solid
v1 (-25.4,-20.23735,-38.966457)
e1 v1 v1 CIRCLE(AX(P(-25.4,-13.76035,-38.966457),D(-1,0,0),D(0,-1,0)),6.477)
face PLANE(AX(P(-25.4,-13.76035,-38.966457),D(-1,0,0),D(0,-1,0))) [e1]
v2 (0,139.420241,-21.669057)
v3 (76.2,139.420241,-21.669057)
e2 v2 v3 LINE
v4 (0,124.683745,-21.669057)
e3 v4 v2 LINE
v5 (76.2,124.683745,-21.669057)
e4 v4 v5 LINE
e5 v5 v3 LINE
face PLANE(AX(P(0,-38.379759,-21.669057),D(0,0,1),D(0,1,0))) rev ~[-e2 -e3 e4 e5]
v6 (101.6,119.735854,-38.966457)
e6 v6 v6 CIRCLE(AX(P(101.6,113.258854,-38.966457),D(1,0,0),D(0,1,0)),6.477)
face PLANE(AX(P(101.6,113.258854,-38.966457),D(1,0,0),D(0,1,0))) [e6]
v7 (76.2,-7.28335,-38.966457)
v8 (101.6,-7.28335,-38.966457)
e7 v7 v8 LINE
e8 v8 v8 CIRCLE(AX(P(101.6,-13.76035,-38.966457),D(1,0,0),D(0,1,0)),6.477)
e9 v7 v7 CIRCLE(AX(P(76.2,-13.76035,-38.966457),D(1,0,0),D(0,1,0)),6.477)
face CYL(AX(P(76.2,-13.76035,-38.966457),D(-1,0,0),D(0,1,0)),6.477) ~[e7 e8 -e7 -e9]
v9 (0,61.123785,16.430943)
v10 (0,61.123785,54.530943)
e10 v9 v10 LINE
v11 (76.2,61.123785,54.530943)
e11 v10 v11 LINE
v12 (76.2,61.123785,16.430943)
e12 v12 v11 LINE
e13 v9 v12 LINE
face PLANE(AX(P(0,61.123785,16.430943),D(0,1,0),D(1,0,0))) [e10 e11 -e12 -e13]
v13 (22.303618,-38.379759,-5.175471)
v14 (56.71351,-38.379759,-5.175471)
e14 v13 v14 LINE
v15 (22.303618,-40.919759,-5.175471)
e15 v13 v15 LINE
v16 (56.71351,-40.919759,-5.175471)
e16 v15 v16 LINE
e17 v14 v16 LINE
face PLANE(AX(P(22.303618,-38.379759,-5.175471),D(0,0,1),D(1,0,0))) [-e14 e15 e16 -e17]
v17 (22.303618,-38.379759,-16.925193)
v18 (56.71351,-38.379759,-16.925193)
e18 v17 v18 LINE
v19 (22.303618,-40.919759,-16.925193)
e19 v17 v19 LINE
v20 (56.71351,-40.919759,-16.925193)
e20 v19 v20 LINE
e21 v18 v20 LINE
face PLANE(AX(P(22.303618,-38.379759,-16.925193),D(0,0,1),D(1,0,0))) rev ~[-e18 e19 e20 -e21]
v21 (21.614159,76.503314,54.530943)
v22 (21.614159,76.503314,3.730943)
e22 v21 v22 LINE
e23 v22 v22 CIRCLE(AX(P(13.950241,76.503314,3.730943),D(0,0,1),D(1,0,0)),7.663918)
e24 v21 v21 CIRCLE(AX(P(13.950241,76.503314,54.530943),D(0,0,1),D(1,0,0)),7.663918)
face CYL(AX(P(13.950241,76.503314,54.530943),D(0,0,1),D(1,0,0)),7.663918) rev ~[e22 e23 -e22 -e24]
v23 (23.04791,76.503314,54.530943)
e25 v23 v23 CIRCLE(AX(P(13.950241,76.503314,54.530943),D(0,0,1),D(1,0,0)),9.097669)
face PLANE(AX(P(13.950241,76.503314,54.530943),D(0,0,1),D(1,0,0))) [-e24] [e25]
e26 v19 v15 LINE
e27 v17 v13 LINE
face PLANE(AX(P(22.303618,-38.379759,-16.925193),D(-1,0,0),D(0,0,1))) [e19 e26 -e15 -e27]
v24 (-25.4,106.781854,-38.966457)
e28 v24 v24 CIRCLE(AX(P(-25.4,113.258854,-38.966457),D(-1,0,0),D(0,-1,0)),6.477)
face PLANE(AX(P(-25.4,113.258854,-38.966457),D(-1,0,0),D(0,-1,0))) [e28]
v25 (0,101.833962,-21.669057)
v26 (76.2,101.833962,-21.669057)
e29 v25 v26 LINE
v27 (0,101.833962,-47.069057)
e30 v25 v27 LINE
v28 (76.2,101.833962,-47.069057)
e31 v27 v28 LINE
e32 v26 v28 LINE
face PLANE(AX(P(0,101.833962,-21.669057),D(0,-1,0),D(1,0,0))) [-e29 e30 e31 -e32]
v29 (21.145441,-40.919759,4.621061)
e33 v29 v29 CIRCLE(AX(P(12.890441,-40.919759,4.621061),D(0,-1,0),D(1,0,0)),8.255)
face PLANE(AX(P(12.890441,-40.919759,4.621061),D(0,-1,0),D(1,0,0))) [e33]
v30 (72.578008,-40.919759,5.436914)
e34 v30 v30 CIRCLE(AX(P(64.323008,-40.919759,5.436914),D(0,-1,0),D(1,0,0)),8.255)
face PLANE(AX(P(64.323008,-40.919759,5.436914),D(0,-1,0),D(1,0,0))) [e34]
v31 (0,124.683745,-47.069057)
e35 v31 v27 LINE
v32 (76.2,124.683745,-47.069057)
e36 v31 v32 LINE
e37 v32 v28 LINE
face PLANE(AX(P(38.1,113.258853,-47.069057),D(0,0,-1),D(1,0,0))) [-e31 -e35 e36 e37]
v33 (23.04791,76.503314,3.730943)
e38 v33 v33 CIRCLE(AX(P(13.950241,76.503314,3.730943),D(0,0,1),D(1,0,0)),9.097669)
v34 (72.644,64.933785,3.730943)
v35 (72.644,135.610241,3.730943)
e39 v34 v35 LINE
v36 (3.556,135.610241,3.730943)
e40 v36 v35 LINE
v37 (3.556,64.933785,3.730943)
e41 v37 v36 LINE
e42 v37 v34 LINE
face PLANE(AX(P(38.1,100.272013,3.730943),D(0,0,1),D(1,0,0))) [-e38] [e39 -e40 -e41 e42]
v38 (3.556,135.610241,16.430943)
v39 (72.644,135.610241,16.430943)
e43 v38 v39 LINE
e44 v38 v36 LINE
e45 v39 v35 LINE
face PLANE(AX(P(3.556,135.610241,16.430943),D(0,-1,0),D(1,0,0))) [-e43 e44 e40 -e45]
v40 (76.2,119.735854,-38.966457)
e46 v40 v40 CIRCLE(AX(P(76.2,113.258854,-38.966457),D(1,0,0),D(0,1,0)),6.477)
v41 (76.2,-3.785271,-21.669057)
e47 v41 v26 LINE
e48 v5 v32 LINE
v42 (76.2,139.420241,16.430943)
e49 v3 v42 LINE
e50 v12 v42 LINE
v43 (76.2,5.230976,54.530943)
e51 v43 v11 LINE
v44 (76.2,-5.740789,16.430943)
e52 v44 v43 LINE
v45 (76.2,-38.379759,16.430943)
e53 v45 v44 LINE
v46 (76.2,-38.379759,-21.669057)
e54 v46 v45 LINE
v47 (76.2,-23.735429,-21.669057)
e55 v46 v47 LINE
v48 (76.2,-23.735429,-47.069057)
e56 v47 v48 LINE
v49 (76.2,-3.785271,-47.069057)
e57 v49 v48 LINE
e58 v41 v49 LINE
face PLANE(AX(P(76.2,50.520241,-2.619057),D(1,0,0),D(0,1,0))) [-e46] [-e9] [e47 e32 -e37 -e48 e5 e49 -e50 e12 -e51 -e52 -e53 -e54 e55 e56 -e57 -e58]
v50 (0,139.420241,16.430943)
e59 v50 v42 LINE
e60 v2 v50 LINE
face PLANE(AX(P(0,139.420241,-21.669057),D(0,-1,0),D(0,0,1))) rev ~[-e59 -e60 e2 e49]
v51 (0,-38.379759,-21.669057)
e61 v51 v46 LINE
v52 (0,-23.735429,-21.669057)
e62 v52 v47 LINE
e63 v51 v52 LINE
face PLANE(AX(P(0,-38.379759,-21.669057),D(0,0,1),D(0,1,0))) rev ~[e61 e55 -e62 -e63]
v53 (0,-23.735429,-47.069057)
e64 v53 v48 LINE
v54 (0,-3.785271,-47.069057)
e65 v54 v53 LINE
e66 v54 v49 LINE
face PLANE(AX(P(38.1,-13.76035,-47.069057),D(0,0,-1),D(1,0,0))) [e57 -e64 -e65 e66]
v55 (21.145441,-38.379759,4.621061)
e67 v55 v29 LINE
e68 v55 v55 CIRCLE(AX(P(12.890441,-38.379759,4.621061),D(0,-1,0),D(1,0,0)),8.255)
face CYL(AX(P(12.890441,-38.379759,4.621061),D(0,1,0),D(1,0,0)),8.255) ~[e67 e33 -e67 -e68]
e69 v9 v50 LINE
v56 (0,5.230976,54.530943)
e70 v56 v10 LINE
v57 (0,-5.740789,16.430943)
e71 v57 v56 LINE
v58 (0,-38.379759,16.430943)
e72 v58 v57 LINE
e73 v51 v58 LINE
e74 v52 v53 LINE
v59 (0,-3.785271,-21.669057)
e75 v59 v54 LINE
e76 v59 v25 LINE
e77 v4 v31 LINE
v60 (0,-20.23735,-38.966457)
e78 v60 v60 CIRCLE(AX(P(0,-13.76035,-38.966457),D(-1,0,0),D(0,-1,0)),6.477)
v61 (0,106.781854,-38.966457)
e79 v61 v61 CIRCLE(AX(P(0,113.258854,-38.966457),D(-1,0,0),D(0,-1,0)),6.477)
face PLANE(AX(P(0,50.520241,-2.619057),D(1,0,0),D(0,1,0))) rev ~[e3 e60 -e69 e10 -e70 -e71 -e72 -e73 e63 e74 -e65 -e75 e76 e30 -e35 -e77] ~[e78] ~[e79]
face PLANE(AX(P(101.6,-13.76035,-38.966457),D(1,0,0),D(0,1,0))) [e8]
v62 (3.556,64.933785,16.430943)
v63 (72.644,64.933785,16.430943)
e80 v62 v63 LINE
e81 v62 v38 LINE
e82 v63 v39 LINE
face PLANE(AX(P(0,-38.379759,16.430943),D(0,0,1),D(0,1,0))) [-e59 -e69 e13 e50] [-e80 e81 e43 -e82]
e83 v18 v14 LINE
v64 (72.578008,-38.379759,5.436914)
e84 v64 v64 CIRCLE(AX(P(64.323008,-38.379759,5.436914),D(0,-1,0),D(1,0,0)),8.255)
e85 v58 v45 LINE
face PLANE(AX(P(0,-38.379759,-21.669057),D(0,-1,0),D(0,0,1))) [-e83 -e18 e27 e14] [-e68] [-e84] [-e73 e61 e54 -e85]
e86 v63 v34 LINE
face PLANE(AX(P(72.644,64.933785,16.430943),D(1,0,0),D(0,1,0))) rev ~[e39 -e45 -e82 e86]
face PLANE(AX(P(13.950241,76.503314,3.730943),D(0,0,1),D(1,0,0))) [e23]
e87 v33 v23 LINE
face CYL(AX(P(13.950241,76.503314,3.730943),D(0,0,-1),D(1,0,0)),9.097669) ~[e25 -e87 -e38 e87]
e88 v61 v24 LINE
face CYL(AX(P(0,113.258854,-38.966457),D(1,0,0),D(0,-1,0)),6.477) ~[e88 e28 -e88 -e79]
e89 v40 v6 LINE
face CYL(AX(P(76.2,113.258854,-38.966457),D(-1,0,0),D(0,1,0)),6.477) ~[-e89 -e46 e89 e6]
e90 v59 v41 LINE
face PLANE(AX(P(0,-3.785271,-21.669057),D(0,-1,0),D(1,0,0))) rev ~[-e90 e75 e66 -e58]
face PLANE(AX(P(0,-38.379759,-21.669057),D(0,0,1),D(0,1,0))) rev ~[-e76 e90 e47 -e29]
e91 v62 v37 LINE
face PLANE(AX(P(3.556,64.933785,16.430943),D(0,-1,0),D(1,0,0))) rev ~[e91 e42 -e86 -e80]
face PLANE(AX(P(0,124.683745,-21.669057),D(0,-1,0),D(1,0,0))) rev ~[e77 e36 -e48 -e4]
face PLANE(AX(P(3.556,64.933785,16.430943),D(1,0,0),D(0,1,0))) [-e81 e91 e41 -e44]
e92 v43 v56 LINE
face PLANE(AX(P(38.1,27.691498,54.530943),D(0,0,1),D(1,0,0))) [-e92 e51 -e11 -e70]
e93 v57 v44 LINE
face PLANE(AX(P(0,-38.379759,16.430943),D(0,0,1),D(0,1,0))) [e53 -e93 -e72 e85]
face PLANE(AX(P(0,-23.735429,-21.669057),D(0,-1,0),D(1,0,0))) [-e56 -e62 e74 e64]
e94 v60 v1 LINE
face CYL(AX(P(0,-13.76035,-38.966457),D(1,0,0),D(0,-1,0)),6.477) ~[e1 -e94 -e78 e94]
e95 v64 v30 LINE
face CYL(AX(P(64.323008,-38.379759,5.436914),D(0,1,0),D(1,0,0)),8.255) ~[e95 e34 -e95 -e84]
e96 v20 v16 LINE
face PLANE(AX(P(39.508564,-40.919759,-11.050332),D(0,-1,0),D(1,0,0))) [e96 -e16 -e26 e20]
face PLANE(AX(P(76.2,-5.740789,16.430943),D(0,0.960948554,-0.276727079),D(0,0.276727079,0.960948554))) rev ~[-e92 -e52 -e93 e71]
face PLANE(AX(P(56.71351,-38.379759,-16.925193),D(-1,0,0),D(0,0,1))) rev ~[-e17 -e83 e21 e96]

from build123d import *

# Parameters (mm, degrees)
F0_W      = 177.8
F0_H      = 38.1
F1_DEPTH  = 76.2
F2_W      = 76.2
F2_H      = 66.864574
F3_DEPTH  = 38.1
F5_DEPTH  = 101.6
F6_R      = 8.255
F6_W      = 34.409892
F6_H      = 11.749721
F7_DEPTH  = 2.54
F8_W      = 69.088
F8_H      = 70.676456
F9_DEPTH  = 12.7
F10_R     = 9.097669
F11_DEPTH = 50.8
F12_R     = 7.663918
F13_DEPTH = 50.8
F14_W     = 76.2
F14_H     = 22.849783
F14_H_2   = 19.950157
F15_DEPTH = 25.4
F16_R     = 6.477
F17_DEPTH = 25.4
F18_R     = 6.477
F19_DEPTH = 25.4


with BuildPart() as f1:
    # F0 (on Right) → F1 (new body)
    with BuildSketch(Plane.YZ):
        with Locations((50.520241, -2.619057)):
            Rectangle(F0_W, F0_H)
    extrude(amount=F1_DEPTH)

    # F2 (on face) → F3 (join)
    with BuildSketch(Plane.XY.offset(16.430943)):
        with Locations((38.1, 27.691498)):
            Rectangle(F2_W, F2_H)
    extrude(amount=F3_DEPTH)

    # F4 (on face) → F5 (cut)
    with BuildSketch(Plane.YZ.offset(76.2)):
        Polygon((-5.740789, 54.530943), (-5.740789, 16.430943), (5.230976, 54.530943), align=None)
    extrude(amount=-F5_DEPTH, mode=Mode.SUBTRACT)

    # F6 (on face) → F7 (join)
    with BuildSketch(Plane.XZ.offset(38.379759)):
        with Locations((12.890441, 4.621061)):
            Circle(F6_R)
        with Locations((64.323008, 5.436914)):
            Circle(F6_R)
        with Locations((39.508564, -11.050332)):
            Rectangle(F6_W, F6_H)
    extrude(amount=F7_DEPTH)

    # F8 (on face) → F9 (cut)
    with BuildSketch(Plane.XY.offset(16.430943)):
        with Locations((38.1, 100.272013)):
            Rectangle(F8_W, F8_H)
    extrude(amount=-F9_DEPTH, mode=Mode.SUBTRACT)

    # F10 (on face) → F11 (join)
    with BuildSketch(Plane.XY.offset(3.730943)):
        with Locations((13.950241, 76.503314)):
            Circle(F10_R)
    extrude(amount=F11_DEPTH)

    # F12 (on face) → F13 (cut)
    with BuildSketch(Plane.XY.offset(54.530943)):
        with Locations((13.950241, 76.503314)):
            Circle(F12_R)
    extrude(amount=-F13_DEPTH, mode=Mode.SUBTRACT)

    # F14 (on face) → F15 (join)
    with BuildSketch(Plane(origin=(0, 0, -21.669057), x_dir=(1, 0, 0), z_dir=(0, 0, -1))):
        with Locations((38.1, -113.258853)):
            Rectangle(F14_W, F14_H)
        with Locations((38.1, 13.76035)):
            Rectangle(F14_W, F14_H_2)
    extrude(amount=F15_DEPTH)

    # F16 (on face) → F17 (join)
    with BuildSketch(Plane.YZ.offset(76.2)):
        with Locations((-13.76035, -38.966457)):
            Circle(F16_R)
        with Locations((113.258854, -38.966457)):
            Circle(F16_R)
    extrude(amount=F17_DEPTH)

    # F18 (on face) → F19 (join)
    with BuildSketch(Plane(origin=(0, 0, 0), x_dir=(0, -1, 0), z_dir=(-1, 0, 0))):
        with Locations((-113.258854, -38.966457)):
            Circle(F18_R)
        with Locations((13.76035, -38.966457)):
            Circle(F18_R)
    extrude(amount=F19_DEPTH)


solid = f1.part
